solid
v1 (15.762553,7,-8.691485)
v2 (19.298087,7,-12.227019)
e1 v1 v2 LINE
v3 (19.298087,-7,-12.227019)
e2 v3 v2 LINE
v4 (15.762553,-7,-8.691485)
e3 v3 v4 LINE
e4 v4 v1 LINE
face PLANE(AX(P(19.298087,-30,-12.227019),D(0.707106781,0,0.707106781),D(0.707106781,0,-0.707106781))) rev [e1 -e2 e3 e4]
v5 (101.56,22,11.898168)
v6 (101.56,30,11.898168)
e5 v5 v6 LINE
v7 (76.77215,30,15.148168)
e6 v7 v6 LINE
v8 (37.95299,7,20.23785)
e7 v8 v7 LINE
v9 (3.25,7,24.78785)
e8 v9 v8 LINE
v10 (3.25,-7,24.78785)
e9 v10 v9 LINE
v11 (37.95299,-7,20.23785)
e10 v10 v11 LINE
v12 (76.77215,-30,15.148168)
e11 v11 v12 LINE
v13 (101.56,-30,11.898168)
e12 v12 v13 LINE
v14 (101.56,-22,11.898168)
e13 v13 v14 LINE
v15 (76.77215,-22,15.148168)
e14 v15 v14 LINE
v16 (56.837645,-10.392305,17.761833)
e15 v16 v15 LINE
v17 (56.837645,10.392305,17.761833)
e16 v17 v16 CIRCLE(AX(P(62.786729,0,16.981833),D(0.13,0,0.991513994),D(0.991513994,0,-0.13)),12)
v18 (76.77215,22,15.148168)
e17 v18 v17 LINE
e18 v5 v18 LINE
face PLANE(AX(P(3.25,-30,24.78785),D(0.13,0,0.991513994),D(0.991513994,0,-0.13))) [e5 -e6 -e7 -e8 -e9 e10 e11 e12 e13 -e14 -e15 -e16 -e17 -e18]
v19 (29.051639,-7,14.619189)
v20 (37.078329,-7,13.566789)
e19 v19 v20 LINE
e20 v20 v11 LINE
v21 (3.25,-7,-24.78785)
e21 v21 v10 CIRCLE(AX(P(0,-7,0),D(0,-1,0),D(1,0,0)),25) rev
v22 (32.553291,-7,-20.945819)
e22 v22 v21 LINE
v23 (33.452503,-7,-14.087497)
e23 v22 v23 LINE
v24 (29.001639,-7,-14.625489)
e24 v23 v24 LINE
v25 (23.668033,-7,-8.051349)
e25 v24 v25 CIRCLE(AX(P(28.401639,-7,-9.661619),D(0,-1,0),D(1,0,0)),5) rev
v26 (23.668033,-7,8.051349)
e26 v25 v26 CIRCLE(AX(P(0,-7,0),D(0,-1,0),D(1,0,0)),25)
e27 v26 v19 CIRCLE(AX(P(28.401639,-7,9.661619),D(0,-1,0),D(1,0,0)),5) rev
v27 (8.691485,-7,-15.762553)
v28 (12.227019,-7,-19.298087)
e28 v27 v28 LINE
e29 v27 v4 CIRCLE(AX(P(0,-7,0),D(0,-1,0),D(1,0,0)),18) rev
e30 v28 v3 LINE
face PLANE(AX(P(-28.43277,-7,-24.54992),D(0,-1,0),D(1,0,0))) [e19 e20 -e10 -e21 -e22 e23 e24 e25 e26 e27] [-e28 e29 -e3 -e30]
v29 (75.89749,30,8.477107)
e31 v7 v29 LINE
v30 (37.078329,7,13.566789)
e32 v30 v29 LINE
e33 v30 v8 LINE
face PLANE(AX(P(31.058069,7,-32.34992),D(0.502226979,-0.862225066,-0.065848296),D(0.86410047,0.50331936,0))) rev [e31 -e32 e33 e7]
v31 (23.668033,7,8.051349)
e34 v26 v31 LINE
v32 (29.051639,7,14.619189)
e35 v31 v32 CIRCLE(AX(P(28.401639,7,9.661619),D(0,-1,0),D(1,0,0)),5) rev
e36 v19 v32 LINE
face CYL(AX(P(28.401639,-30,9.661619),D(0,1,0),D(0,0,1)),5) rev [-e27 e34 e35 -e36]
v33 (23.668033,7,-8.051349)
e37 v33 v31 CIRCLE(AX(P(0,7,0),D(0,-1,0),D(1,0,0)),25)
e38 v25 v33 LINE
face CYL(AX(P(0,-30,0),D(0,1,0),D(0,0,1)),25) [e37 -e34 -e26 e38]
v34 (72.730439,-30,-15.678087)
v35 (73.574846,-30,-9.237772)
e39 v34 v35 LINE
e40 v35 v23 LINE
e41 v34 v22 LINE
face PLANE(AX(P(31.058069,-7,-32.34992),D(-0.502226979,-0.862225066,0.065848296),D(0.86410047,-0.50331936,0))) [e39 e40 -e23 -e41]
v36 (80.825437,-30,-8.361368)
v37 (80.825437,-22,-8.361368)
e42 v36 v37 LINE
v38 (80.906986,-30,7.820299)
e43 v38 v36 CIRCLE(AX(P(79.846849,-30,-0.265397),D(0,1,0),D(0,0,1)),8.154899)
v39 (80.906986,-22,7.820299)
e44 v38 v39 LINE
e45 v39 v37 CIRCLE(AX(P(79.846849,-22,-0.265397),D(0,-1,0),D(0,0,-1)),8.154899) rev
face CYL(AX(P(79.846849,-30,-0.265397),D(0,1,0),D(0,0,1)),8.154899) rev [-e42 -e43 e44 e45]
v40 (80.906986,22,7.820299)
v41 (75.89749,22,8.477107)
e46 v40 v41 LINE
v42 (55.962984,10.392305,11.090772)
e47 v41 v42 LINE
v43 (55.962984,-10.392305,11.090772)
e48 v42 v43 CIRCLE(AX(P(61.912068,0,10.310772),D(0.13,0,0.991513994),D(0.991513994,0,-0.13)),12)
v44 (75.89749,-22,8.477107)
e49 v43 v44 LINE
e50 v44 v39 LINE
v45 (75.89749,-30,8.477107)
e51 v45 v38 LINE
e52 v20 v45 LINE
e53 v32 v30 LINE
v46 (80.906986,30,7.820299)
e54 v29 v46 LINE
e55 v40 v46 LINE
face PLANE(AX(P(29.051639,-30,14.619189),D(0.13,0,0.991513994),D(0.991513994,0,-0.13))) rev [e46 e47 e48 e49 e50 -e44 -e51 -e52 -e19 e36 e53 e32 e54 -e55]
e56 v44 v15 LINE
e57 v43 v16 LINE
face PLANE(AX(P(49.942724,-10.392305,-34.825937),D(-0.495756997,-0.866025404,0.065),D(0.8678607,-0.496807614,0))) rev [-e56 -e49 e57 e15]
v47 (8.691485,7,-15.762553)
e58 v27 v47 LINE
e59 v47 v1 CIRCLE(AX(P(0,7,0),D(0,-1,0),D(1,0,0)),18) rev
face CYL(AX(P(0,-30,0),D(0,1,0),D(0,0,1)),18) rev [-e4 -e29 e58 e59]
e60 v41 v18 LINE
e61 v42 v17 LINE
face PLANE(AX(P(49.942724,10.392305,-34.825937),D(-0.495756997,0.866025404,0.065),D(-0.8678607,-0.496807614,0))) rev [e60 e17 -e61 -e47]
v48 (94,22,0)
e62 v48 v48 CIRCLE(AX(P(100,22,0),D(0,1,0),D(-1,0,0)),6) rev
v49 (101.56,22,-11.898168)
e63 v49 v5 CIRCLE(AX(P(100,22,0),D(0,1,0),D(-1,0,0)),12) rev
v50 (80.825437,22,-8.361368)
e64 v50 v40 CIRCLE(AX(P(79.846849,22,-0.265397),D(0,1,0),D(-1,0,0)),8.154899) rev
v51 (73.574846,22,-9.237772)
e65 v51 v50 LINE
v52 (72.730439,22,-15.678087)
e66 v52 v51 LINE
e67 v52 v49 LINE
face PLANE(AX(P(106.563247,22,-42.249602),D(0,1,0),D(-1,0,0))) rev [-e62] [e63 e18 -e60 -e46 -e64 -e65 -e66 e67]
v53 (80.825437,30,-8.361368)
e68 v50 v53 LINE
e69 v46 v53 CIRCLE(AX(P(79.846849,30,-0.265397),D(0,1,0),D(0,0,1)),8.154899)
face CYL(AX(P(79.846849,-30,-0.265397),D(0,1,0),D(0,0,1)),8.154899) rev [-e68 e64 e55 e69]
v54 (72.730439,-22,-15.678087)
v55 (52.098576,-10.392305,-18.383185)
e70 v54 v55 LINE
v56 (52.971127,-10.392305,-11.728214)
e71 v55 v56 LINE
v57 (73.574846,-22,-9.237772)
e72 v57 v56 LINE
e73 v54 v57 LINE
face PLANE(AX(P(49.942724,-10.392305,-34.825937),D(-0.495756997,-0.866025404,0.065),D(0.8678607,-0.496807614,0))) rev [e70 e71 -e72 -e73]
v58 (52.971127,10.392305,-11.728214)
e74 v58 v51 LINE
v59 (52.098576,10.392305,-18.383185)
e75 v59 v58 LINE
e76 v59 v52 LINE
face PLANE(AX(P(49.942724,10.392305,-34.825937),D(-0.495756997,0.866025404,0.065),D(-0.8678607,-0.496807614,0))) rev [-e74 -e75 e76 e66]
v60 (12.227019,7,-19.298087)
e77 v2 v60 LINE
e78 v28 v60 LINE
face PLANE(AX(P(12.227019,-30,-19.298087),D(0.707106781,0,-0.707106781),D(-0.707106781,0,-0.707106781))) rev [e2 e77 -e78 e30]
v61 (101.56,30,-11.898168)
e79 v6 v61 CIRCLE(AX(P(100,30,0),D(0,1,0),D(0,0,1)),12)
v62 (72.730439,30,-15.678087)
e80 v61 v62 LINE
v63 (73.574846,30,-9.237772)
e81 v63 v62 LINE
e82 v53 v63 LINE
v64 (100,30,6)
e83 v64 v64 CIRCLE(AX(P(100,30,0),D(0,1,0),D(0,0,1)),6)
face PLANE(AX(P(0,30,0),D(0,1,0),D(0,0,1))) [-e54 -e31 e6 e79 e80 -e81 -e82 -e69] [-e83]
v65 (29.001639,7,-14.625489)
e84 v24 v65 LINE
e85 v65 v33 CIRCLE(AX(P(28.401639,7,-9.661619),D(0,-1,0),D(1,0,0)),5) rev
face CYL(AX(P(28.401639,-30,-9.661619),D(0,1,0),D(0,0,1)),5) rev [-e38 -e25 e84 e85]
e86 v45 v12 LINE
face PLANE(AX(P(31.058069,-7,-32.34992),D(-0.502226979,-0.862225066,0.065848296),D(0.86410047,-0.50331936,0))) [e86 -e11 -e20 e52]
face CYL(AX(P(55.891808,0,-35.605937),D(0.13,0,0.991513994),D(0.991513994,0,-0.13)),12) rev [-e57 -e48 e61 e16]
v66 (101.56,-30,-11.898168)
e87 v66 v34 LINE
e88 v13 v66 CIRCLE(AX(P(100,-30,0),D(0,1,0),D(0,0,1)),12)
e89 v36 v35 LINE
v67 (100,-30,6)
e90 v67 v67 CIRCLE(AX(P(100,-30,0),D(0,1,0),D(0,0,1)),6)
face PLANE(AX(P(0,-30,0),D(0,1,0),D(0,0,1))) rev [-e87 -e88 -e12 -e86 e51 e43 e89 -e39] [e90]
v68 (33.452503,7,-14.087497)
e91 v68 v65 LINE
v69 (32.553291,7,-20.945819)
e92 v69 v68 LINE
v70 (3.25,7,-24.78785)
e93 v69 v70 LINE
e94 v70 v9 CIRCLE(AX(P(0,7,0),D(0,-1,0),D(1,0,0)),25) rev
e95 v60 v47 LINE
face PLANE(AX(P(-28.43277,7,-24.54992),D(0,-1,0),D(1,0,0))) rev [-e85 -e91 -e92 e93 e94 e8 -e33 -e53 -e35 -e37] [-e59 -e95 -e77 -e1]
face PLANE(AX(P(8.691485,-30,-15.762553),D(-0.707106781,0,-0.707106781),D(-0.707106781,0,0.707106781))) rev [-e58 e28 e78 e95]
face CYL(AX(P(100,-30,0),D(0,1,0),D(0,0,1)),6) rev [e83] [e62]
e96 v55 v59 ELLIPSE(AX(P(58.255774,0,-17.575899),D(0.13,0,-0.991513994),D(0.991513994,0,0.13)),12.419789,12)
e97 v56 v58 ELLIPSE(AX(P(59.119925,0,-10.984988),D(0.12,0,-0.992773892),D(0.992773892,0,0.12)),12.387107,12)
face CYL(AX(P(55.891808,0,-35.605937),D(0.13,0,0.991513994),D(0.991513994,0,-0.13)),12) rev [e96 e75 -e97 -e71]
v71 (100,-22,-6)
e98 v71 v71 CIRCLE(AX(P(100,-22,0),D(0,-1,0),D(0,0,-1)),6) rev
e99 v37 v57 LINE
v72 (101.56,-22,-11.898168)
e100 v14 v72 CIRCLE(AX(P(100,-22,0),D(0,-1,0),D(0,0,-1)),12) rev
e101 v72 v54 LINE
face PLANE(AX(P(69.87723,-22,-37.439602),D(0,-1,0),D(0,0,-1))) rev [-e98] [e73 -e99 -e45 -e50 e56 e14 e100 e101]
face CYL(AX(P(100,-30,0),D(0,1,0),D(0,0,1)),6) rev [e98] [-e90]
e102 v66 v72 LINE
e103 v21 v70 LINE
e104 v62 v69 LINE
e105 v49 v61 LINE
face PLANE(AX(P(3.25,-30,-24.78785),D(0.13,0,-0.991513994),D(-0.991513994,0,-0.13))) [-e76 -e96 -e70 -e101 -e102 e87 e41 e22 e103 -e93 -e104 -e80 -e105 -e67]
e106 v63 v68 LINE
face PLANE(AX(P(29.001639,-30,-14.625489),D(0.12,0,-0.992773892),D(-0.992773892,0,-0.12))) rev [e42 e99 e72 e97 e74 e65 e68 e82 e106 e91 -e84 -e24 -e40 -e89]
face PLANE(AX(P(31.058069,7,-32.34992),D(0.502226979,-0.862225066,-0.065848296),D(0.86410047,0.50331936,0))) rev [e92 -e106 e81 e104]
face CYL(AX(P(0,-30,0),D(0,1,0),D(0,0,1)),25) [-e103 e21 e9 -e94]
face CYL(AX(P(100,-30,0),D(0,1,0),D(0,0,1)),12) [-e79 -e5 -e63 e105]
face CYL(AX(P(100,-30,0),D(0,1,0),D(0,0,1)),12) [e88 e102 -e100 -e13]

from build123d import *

# Parameters (mm, degrees)
BOSS_EXTRUDE1_DEPTH      = 30
BOSS_EXTRUDE1_DEPTH_BACK = 30
SKETCH1_R                = 18
SKETCH1_R_2              = 6
CUT_EXTRUDE1_DEPTH       = 124.310147564
CUT_EXTRUDE2_DEPTH       = 124.310147564
CUT_EXTRUDE3_DEPTH       = 121.573628958


with BuildPart() as part:
    # Sketch1 → Boss-Extrude1 (new, two sides: drawn at the far end of the back side and taken through both)
    with BuildSketch(Plane(origin=(0, 0, 0), x_dir=(1, 0, 0), z_dir=(0, 1, 0)).offset(-BOSS_EXTRUDE1_DEPTH_BACK)):
        with BuildLine():
            Line((3.25, 24.787849846), (101.56, 11.898167926))
            ThreePointArc((101.56, 11.898167926), (112, 0), (101.56, -11.898167926))
            Line((101.56, -11.898167926), (3.25, -24.787849846))
            ThreePointArc((3.25, -24.787849846), (-25, 0), (3.25, 24.787849846))
        make_face()
        Circle(SKETCH1_R, mode=Mode.SUBTRACT)
        with Locations((100, 0)):
            Circle(SKETCH1_R_2, mode=Mode.SUBTRACT)
        with BuildLine():
            Line((29.001639294, 14.62548865), (80.82543669, 8.361367746))
            ThreePointArc((80.82543669, 8.361367746), (88.001643881, 0.306494185), (80.906985676, -7.820298705))
            Line((80.906985676, -7.820298705), (29.051639294, -14.619189161))
            ThreePointArc((29.051639294, -14.619189161), (24.534716663, -12.831305196), (23.668032745, -8.051349326))
            ThreePointArc((23.668032745, -8.051349326), (25, 0), (23.668032745, 8.051349326))
            ThreePointArc((23.668032745, 8.051349326), (24.518792048, 12.811777483), (29.001639294, 14.62548865))
        make_face(mode=Mode.SUBTRACT)
    extrude(amount=BOSS_EXTRUDE1_DEPTH + BOSS_EXTRUDE1_DEPTH_BACK)

    # Sketch2 → Cut-Extrude1 (cut, through all)
    with BuildSketch(Plane(origin=(3.25, 0, 24.787849846), x_dir=(0.9915139938498094, 0, -0.1300000000000003), z_dir=(0.1300000000000003, 0, 0.9915139938498095))):
        Polygon((-25, 30), (-25, 7), (35, 7), (74.151399385, 30), align=None)
    cut_extrude1 = extrude(amount=-CUT_EXTRUDE1_DEPTH, mode=Mode.SUBTRACT)

    # Mirror1: Cut-Extrude1 across plane
    add(cut_extrude1.mirror(Plane.ZX), mode=Mode.SUBTRACT)

    # Sketch3 → Cut-Extrude2 (cut, through all)
    with BuildSketch(Plane(origin=(3.25, 0, 24.787849846), x_dir=(0.9915139938498094, 0, -0.1300000000000003), z_dir=(0.1300000000000003, 0, 0.9915139938498095))):
        with BuildLine():
            Line((111.151399385, -22), (111.151399385, 22))
            Line((111.151399385, 22), (74.151399385, 22))
            Line((74.151399385, 22), (54.046281618, 10.392304845))
            ThreePointArc((54.046281618, 10.392304845), (48.046281618, 0), (54.046281618, -10.392304845))
            Line((54.046281618, -10.392304845), (74.151399385, -22))
            Line((74.151399385, -22), (111.151399385, -22))
        make_face()
    extrude(amount=-CUT_EXTRUDE2_DEPTH, mode=Mode.SUBTRACT)

    # Sketch4 → Cut-Extrude3 (cut, through all)
    with BuildSketch(Plane(origin=(0, 7, 0), x_dir=(1, 0, 0), z_dir=(0, 1, 0))):
        with BuildLine():
            Line((8.691485355, 15.762553167), (12.227019261, 19.298087073))
            Line((12.227019261, 19.298087073), (19.298087073, 12.227019261))
            Line((19.298087073, 12.227019261), (15.762553167, 8.691485355))
            ThreePointArc((15.762553167, 8.691485355), (12.727922061, 12.727922061), (8.691485355, 15.762553167))
        make_face()
    extrude(amount=-CUT_EXTRUDE3_DEPTH, mode=Mode.SUBTRACT)


solid = part.part
